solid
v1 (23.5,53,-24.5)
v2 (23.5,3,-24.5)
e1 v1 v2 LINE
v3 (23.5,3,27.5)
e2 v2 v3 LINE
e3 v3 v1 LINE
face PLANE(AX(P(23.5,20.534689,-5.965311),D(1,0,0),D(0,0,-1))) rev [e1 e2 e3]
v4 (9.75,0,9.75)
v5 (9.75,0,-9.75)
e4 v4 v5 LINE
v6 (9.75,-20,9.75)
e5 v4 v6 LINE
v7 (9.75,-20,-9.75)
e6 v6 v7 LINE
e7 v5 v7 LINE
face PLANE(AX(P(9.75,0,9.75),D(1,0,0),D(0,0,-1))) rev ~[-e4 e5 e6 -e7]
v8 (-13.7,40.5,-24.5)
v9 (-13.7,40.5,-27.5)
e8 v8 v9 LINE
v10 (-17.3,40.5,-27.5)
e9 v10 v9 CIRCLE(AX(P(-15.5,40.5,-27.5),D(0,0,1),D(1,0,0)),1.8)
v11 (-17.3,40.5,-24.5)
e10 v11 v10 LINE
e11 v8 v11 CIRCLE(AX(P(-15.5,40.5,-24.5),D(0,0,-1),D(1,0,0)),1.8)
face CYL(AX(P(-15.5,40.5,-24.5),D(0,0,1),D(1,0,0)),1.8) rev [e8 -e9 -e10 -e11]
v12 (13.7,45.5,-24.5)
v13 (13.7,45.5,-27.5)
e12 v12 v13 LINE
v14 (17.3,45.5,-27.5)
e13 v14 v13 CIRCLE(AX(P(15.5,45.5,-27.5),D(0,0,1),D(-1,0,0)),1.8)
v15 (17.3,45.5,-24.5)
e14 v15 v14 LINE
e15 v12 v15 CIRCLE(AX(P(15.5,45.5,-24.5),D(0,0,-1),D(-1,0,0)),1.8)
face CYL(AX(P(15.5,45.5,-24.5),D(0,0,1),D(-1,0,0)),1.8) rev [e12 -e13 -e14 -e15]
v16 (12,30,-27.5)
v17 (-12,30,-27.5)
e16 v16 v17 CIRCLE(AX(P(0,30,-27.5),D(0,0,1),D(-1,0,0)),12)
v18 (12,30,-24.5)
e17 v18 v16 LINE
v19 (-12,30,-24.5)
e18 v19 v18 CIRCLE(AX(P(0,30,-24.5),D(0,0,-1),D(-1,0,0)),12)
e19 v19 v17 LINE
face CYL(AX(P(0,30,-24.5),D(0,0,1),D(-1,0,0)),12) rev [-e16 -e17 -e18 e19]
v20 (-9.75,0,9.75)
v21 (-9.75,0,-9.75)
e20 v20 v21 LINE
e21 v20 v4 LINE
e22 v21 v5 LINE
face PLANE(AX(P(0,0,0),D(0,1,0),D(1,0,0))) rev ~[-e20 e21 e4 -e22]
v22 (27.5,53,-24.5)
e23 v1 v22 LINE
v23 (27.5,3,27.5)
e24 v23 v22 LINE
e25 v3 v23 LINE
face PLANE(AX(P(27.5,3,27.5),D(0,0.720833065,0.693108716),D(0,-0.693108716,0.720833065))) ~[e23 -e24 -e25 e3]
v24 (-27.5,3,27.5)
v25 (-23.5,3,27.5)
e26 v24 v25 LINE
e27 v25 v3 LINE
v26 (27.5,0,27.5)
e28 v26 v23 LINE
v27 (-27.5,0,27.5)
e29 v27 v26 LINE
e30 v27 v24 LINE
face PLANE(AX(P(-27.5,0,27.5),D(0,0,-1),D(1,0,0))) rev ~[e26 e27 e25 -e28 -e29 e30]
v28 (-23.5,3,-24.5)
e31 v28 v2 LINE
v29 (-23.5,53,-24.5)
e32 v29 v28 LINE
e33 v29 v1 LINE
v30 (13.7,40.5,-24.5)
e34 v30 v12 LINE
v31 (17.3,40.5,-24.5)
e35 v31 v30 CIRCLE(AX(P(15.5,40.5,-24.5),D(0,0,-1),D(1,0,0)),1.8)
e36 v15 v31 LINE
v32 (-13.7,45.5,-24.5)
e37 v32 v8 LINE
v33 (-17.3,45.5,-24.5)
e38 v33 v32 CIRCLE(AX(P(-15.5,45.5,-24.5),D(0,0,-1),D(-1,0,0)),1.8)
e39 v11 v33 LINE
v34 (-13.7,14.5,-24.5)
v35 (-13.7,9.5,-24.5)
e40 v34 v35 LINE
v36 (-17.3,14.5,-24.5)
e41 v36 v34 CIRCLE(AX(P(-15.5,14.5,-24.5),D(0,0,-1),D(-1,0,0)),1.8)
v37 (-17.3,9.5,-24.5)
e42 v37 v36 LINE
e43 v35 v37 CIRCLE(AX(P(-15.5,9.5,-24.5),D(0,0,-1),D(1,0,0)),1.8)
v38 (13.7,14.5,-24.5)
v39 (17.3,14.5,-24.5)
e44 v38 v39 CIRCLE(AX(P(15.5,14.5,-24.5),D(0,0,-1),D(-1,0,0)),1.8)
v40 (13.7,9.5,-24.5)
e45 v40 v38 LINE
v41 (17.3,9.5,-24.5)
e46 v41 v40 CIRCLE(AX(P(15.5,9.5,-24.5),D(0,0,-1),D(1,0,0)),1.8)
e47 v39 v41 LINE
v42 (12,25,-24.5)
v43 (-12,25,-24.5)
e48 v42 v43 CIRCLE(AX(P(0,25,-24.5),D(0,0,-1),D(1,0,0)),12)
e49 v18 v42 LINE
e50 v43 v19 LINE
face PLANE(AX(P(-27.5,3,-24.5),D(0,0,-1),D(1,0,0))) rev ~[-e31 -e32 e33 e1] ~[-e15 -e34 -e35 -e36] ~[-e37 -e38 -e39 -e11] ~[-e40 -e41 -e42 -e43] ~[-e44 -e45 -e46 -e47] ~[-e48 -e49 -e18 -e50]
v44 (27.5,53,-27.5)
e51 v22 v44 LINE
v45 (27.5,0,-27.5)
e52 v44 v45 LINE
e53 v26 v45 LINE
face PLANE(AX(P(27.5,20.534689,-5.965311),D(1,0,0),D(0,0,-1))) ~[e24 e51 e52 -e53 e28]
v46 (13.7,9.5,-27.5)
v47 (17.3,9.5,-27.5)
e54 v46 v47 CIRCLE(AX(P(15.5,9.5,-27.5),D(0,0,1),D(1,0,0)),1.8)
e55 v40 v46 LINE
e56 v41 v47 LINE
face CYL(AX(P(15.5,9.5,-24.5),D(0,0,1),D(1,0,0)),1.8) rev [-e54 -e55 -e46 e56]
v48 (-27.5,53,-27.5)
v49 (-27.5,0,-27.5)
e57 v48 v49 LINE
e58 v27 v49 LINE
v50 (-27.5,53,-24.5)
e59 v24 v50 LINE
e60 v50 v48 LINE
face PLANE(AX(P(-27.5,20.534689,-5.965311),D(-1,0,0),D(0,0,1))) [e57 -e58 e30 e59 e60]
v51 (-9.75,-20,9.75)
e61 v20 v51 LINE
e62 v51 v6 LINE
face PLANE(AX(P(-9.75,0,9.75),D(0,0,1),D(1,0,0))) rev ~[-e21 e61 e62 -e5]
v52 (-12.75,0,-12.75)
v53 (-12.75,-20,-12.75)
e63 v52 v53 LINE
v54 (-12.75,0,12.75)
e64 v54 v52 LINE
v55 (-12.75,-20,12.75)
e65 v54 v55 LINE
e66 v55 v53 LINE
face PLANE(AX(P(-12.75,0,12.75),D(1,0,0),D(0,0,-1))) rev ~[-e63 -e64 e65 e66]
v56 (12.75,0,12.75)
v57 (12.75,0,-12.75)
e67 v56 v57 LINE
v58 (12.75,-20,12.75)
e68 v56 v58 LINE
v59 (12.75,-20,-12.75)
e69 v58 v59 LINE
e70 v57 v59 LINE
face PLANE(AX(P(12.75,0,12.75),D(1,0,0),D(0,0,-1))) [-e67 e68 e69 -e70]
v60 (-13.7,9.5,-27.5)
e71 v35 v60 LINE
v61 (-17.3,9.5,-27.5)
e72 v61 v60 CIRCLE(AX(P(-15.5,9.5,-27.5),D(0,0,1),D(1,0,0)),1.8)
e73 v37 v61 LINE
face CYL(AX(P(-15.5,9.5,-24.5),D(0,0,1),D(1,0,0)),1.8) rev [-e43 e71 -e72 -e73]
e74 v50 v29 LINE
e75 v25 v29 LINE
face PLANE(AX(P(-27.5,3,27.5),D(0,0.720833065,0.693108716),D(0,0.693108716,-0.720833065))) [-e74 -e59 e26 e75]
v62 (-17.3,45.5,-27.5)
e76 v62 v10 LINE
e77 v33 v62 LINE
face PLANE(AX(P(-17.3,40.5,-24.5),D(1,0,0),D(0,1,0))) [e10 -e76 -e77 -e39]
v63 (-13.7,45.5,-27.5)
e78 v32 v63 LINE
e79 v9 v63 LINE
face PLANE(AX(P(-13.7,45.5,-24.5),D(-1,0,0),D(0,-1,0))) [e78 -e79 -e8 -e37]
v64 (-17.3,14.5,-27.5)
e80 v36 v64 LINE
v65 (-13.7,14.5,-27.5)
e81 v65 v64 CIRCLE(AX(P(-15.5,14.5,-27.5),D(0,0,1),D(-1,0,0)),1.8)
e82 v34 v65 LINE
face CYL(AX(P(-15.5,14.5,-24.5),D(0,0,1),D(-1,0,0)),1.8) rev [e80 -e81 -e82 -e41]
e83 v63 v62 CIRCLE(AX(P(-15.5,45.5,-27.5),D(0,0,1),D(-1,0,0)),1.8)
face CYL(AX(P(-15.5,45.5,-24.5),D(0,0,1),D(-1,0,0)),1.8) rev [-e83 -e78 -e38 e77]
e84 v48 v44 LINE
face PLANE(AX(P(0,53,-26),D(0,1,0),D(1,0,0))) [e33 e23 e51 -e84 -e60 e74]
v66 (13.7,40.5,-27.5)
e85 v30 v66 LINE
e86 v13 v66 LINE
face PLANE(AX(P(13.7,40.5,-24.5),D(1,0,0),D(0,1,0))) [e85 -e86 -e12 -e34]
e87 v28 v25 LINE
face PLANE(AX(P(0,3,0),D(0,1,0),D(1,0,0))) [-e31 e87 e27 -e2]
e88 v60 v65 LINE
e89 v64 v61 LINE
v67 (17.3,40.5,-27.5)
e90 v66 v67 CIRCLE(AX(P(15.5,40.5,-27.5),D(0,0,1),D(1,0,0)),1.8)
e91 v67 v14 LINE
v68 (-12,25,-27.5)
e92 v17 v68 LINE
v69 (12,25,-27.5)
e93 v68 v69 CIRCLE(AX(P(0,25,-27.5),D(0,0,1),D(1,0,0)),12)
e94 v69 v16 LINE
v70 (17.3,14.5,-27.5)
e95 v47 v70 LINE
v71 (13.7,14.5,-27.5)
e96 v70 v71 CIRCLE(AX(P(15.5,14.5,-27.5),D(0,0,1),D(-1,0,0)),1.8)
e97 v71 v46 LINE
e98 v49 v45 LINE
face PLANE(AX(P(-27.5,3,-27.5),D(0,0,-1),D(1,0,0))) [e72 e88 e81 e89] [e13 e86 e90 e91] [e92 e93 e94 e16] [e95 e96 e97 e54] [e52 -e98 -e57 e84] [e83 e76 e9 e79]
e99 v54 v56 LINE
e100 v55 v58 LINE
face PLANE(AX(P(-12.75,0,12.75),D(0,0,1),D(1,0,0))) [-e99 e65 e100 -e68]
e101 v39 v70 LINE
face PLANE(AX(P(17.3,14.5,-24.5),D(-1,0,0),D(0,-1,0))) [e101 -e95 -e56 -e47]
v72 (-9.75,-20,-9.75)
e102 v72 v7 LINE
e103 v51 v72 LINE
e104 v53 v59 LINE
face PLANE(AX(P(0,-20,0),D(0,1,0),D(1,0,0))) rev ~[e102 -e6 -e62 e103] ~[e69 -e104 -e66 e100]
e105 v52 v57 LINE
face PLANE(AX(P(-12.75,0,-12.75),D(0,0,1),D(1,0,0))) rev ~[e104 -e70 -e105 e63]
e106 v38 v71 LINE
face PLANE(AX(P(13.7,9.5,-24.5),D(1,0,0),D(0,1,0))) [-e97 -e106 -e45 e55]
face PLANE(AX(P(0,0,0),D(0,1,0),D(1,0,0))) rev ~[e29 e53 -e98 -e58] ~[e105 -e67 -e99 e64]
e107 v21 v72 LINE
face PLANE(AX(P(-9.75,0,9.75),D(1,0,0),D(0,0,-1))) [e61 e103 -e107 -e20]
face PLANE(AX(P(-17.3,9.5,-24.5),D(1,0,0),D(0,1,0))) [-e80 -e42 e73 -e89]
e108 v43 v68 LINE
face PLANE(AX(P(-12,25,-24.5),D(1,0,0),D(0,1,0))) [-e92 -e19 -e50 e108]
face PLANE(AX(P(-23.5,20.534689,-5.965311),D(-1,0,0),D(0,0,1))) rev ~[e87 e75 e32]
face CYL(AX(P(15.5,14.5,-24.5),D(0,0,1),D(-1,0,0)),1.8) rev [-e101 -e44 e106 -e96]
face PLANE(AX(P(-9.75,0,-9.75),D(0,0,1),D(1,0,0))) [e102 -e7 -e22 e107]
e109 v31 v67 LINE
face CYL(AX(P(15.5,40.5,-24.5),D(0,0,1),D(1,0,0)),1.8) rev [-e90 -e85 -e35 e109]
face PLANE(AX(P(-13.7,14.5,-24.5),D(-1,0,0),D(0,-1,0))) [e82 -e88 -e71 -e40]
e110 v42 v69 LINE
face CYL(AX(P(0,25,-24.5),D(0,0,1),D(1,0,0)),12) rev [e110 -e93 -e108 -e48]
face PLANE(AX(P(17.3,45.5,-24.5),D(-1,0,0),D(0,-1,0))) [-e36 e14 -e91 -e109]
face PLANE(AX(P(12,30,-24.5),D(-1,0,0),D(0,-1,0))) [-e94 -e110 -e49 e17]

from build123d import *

# Parameters (mm, degrees)
SKETCH1_W           = 25.5
SKETCH1_H           = 25.5
SKETCH1_W_2         = 19.5
SKETCH1_H_2         = 19.5
BOSS_EXTRUDE1_DEPTH = 20
SKETCH2_W           = 55
SKETCH2_H           = 55
BOSS_EXTRUDE2_DEPTH = 3
SKETCH3_W           = 55
SKETCH3_H           = 3
BOSS_EXTRUDE3_DEPTH = 50
BOSS_EXTRUDE4_DEPTH = 4
CUT_EXTRUDE1_DEPTH  = 80.178595592


with BuildPart() as part:
    # Sketch1 → Boss-Extrude1 (new body)
    with BuildSketch(Plane(origin=(0, 0, 0), x_dir=(1, 0, 0), z_dir=(0, 1, 0))):
        Rectangle(SKETCH1_W, SKETCH1_H)
        Rectangle(SKETCH1_W_2, SKETCH1_H_2, mode=Mode.SUBTRACT)
    extrude(amount=-BOSS_EXTRUDE1_DEPTH)

    # Sketch2 → Boss-Extrude2 (add)
    with BuildSketch(Plane(origin=(0, 0, 0), x_dir=(1, 0, 0), z_dir=(0, 1, 0))):
        Rectangle(SKETCH2_W, SKETCH2_H)
    extrude(amount=BOSS_EXTRUDE2_DEPTH)

    # Sketch3 → Boss-Extrude3 (add)
    with BuildSketch(Plane(origin=(0, 3, 0), x_dir=(1, 0, 0), z_dir=(0, 1, 0))):
        with Locations((0, 26)):
            Rectangle(SKETCH3_W, SKETCH3_H)
    extrude(amount=BOSS_EXTRUDE3_DEPTH)

    # Sketch4 → Boss-Extrude4 (add)
    with BuildSketch(Plane.ZY.offset(27.5)):
        Polygon((-24.5, 3), (27.5, 3), (-24.5, 53), align=None)
    boss_extrude4 = extrude(amount=-BOSS_EXTRUDE4_DEPTH)

    # Mirror1: Boss-Extrude4 across plane
    add(boss_extrude4.mirror(Plane(origin=(0, 0, 0), x_dir=(0, 0, 1), z_dir=(1, 0, 0))))

    # Sketch5 → Cut-Extrude1 (cut, through all)
    with BuildSketch(Plane.XY.offset(-24.5)):
        with BuildLine():
            Line((-17.3, 9.5), (-17.3, 14.5))
            ThreePointArc((-17.3, 14.5), (-15.5, 16.3), (-13.7, 14.5))
            Line((-13.7, 14.5), (-13.7, 9.5))
            ThreePointArc((-13.7, 9.5), (-15.5, 7.7), (-17.3, 9.5))
        make_face()
        with BuildLine():
            Line((13.7, 9.5), (13.7, 14.5))
            ThreePointArc((13.7, 14.5), (15.5, 16.3), (17.3, 14.5))
            Line((17.3, 14.5), (17.3, 9.5))
            ThreePointArc((17.3, 9.5), (15.5, 7.7), (13.7, 9.5))
        make_face()
        with BuildLine():
            Line((13.7, 40.5), (13.7, 45.5))
            ThreePointArc((13.7, 45.5), (15.5, 47.3), (17.3, 45.5))
            Line((17.3, 45.5), (17.3, 40.5))
            ThreePointArc((17.3, 40.5), (15.5, 38.7), (13.7, 40.5))
        make_face()
        with BuildLine():
            Line((-17.3, 40.5), (-17.3, 45.5))
            ThreePointArc((-17.3, 45.5), (-15.5, 47.3), (-13.7, 45.5))
            Line((-13.7, 45.5), (-13.7, 40.5))
            ThreePointArc((-13.7, 40.5), (-15.5, 38.7), (-17.3, 40.5))
        make_face()
        with BuildLine():
            Line((-12, 25), (-12, 30))
            ThreePointArc((-12, 30), (0, 42), (12, 30))
            Line((12, 30), (12, 25))
            ThreePointArc((12, 25), (0, 13), (-12, 25))
        make_face()
    extrude(amount=-CUT_EXTRUDE1_DEPTH, mode=Mode.SUBTRACT)


solid = part.part
